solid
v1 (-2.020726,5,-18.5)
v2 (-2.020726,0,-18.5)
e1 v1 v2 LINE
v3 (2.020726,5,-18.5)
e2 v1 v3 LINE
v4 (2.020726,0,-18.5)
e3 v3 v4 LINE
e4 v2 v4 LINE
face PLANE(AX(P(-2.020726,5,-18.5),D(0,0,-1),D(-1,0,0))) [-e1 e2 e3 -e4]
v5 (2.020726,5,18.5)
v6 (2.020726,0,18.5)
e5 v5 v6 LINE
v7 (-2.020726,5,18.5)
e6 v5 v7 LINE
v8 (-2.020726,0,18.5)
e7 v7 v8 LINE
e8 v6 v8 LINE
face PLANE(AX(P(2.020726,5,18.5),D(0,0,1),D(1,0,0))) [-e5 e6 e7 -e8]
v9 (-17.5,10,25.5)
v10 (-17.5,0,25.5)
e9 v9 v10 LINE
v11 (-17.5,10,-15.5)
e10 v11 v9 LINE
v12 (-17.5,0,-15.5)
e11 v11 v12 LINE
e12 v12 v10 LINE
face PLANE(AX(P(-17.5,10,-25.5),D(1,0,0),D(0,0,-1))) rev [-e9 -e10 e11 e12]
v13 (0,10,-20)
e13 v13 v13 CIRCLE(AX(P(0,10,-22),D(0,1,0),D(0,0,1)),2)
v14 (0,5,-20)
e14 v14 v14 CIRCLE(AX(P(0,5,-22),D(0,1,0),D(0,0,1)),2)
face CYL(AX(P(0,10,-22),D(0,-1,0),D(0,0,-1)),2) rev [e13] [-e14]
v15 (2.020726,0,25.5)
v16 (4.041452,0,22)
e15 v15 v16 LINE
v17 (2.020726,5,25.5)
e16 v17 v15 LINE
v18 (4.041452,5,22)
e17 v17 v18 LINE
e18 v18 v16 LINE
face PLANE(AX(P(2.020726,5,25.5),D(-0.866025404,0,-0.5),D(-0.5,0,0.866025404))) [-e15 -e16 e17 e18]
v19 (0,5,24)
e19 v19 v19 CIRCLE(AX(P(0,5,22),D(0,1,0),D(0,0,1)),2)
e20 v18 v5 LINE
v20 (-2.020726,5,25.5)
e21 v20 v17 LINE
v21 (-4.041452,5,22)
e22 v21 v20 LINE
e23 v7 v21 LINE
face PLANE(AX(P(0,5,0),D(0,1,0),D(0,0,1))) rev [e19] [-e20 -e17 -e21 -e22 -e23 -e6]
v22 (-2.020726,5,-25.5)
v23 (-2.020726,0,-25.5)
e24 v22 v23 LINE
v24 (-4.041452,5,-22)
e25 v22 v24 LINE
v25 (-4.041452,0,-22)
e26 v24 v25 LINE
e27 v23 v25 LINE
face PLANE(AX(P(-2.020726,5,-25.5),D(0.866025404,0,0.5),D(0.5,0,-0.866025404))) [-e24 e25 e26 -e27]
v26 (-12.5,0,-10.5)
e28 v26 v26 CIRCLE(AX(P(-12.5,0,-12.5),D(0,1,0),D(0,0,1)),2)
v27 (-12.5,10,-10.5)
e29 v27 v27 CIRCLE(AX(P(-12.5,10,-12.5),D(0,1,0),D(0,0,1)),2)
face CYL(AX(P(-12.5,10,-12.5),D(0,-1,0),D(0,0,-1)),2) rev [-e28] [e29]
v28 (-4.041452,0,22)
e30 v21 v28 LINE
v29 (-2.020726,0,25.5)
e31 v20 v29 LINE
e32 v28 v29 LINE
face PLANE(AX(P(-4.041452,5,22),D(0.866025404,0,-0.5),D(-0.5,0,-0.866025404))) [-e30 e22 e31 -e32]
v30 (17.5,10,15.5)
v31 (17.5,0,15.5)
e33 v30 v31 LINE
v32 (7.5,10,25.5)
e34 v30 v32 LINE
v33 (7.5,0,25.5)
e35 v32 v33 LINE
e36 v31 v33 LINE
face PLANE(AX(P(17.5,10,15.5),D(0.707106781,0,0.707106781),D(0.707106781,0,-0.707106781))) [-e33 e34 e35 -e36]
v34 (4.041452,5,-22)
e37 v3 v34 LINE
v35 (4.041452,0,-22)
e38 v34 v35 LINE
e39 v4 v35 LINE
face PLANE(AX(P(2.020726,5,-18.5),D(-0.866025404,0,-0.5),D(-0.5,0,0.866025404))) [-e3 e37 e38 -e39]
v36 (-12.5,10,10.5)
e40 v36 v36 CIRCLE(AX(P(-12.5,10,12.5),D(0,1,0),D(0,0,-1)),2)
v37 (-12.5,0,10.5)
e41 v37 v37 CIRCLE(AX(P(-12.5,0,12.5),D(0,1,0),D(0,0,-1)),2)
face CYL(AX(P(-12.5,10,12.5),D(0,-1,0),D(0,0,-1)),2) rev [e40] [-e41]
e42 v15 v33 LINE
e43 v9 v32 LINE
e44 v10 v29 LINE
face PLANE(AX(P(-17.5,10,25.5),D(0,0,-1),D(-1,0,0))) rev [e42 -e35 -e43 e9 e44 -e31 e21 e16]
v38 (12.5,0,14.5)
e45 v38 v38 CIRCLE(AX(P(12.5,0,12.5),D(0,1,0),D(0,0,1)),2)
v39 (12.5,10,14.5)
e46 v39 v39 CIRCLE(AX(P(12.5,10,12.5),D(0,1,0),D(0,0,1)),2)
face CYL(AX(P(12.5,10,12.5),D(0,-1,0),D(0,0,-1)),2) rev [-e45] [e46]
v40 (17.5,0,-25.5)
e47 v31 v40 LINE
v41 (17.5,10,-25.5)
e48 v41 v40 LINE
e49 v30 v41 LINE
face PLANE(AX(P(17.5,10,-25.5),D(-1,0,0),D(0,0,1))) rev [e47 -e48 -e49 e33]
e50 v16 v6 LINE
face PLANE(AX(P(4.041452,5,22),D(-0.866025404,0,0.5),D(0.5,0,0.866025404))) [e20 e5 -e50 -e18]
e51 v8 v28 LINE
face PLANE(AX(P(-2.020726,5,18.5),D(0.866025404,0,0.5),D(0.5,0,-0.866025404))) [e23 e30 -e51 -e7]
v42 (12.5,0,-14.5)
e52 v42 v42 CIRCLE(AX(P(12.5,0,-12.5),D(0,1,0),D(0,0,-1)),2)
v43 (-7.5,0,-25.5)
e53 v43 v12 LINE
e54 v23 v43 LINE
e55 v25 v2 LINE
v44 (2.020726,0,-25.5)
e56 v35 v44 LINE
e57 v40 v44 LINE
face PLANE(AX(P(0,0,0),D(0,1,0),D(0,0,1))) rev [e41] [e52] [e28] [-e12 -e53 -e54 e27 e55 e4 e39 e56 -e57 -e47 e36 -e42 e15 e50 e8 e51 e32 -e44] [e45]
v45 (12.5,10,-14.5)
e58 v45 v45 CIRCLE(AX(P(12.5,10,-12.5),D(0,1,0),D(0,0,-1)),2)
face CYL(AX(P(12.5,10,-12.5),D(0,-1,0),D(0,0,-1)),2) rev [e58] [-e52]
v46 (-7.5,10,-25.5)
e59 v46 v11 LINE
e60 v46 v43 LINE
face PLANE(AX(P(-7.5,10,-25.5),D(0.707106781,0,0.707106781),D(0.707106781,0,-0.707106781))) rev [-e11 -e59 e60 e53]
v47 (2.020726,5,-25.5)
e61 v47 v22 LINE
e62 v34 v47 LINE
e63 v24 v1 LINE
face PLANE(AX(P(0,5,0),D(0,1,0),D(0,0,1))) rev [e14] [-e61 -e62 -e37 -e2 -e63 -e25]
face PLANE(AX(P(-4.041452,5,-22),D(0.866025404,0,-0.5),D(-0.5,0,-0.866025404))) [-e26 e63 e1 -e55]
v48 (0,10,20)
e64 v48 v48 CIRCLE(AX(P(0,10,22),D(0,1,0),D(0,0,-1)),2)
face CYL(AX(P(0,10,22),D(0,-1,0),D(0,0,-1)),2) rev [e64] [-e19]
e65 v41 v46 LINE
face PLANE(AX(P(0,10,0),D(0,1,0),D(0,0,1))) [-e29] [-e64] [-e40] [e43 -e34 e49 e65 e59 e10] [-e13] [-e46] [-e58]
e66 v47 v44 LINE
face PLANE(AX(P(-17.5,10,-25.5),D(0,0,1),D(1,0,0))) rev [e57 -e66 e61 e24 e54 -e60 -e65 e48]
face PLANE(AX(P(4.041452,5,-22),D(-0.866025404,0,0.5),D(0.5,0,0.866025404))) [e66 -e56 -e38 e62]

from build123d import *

# Parameters (mm, degrees)
SKETCH1_W           = 35
SKETCH1_H           = 51
SKETCH1_R           = 2
BOSS_EXTRUDE1_DEPTH = 10
CUT_EXTRUDE4_DEPTH  = 5
CUT_EXTRUDE5_DEPTH  = 33.503845926


with BuildPart() as part:
    # Sketch1 → Boss-Extrude1 (new body)
    with BuildSketch(Plane(origin=(0, 0, 0), x_dir=(1, 0, 0), z_dir=(0, 1, 0))):
        Rectangle(SKETCH1_W, SKETCH1_H)
        with Locations(Location((-12.5, 12.5, 0), (0, 0, 270))):
            Circle(SKETCH1_R, mode=Mode.SUBTRACT)
        with Locations(Location((12.5, 12.5, 0), (0, 0, 90))):
            Circle(SKETCH1_R, mode=Mode.SUBTRACT)
        with Locations(Location((12.5, -12.5, 0), (0, 0, 270))):
            Circle(SKETCH1_R, mode=Mode.SUBTRACT)
        with Locations(Location((-12.5, -12.5, 0), (0, 0, 90))):
            Circle(SKETCH1_R, mode=Mode.SUBTRACT)
        with Locations(Location((0, 22, 0), (0, 0, 270))):
            Circle(SKETCH1_R, mode=Mode.SUBTRACT)
        with Locations(Location((0, -22, 0), (0, 0, 90))):
            Circle(SKETCH1_R, mode=Mode.SUBTRACT)
    extrude(amount=BOSS_EXTRUDE1_DEPTH)

    # Sketch2 → Cut-Extrude4 (cut)
    with BuildSketch(Plane(origin=(0, 0, 0), x_dir=(1, 0, 0), z_dir=(0, 1, 0))):
        Polygon((4.041451884, 22), (2.020725942, 25.5), (-2.020725942, 25.5), (-4.041451884, 22), (-2.020725942, 18.5), (2.020725942, 18.5), align=None)
        Polygon((4.041451884, -22), (2.020725942, -18.5), (-2.020725942, -18.5), (-4.041451884, -22), (-2.020725942, -25.5), (2.020725942, -25.5), align=None)
    extrude(amount=CUT_EXTRUDE4_DEPTH, mode=Mode.SUBTRACT)

    # Sketch4 → Cut-Extrude5 (cut, through all)
    with BuildSketch(Plane(origin=(0, 0, 0), x_dir=(1, 0, 0), z_dir=(0, 1, 0))):
        Polygon((-7.5, 25.5), (-17.5, 15.5), (-17.5, 25.5), align=None)
        Polygon((17.5, -15.5), (7.5, -25.5), (17.5, -25.5), align=None)
    extrude(amount=CUT_EXTRUDE5_DEPTH, mode=Mode.SUBTRACT)


solid = part.part
